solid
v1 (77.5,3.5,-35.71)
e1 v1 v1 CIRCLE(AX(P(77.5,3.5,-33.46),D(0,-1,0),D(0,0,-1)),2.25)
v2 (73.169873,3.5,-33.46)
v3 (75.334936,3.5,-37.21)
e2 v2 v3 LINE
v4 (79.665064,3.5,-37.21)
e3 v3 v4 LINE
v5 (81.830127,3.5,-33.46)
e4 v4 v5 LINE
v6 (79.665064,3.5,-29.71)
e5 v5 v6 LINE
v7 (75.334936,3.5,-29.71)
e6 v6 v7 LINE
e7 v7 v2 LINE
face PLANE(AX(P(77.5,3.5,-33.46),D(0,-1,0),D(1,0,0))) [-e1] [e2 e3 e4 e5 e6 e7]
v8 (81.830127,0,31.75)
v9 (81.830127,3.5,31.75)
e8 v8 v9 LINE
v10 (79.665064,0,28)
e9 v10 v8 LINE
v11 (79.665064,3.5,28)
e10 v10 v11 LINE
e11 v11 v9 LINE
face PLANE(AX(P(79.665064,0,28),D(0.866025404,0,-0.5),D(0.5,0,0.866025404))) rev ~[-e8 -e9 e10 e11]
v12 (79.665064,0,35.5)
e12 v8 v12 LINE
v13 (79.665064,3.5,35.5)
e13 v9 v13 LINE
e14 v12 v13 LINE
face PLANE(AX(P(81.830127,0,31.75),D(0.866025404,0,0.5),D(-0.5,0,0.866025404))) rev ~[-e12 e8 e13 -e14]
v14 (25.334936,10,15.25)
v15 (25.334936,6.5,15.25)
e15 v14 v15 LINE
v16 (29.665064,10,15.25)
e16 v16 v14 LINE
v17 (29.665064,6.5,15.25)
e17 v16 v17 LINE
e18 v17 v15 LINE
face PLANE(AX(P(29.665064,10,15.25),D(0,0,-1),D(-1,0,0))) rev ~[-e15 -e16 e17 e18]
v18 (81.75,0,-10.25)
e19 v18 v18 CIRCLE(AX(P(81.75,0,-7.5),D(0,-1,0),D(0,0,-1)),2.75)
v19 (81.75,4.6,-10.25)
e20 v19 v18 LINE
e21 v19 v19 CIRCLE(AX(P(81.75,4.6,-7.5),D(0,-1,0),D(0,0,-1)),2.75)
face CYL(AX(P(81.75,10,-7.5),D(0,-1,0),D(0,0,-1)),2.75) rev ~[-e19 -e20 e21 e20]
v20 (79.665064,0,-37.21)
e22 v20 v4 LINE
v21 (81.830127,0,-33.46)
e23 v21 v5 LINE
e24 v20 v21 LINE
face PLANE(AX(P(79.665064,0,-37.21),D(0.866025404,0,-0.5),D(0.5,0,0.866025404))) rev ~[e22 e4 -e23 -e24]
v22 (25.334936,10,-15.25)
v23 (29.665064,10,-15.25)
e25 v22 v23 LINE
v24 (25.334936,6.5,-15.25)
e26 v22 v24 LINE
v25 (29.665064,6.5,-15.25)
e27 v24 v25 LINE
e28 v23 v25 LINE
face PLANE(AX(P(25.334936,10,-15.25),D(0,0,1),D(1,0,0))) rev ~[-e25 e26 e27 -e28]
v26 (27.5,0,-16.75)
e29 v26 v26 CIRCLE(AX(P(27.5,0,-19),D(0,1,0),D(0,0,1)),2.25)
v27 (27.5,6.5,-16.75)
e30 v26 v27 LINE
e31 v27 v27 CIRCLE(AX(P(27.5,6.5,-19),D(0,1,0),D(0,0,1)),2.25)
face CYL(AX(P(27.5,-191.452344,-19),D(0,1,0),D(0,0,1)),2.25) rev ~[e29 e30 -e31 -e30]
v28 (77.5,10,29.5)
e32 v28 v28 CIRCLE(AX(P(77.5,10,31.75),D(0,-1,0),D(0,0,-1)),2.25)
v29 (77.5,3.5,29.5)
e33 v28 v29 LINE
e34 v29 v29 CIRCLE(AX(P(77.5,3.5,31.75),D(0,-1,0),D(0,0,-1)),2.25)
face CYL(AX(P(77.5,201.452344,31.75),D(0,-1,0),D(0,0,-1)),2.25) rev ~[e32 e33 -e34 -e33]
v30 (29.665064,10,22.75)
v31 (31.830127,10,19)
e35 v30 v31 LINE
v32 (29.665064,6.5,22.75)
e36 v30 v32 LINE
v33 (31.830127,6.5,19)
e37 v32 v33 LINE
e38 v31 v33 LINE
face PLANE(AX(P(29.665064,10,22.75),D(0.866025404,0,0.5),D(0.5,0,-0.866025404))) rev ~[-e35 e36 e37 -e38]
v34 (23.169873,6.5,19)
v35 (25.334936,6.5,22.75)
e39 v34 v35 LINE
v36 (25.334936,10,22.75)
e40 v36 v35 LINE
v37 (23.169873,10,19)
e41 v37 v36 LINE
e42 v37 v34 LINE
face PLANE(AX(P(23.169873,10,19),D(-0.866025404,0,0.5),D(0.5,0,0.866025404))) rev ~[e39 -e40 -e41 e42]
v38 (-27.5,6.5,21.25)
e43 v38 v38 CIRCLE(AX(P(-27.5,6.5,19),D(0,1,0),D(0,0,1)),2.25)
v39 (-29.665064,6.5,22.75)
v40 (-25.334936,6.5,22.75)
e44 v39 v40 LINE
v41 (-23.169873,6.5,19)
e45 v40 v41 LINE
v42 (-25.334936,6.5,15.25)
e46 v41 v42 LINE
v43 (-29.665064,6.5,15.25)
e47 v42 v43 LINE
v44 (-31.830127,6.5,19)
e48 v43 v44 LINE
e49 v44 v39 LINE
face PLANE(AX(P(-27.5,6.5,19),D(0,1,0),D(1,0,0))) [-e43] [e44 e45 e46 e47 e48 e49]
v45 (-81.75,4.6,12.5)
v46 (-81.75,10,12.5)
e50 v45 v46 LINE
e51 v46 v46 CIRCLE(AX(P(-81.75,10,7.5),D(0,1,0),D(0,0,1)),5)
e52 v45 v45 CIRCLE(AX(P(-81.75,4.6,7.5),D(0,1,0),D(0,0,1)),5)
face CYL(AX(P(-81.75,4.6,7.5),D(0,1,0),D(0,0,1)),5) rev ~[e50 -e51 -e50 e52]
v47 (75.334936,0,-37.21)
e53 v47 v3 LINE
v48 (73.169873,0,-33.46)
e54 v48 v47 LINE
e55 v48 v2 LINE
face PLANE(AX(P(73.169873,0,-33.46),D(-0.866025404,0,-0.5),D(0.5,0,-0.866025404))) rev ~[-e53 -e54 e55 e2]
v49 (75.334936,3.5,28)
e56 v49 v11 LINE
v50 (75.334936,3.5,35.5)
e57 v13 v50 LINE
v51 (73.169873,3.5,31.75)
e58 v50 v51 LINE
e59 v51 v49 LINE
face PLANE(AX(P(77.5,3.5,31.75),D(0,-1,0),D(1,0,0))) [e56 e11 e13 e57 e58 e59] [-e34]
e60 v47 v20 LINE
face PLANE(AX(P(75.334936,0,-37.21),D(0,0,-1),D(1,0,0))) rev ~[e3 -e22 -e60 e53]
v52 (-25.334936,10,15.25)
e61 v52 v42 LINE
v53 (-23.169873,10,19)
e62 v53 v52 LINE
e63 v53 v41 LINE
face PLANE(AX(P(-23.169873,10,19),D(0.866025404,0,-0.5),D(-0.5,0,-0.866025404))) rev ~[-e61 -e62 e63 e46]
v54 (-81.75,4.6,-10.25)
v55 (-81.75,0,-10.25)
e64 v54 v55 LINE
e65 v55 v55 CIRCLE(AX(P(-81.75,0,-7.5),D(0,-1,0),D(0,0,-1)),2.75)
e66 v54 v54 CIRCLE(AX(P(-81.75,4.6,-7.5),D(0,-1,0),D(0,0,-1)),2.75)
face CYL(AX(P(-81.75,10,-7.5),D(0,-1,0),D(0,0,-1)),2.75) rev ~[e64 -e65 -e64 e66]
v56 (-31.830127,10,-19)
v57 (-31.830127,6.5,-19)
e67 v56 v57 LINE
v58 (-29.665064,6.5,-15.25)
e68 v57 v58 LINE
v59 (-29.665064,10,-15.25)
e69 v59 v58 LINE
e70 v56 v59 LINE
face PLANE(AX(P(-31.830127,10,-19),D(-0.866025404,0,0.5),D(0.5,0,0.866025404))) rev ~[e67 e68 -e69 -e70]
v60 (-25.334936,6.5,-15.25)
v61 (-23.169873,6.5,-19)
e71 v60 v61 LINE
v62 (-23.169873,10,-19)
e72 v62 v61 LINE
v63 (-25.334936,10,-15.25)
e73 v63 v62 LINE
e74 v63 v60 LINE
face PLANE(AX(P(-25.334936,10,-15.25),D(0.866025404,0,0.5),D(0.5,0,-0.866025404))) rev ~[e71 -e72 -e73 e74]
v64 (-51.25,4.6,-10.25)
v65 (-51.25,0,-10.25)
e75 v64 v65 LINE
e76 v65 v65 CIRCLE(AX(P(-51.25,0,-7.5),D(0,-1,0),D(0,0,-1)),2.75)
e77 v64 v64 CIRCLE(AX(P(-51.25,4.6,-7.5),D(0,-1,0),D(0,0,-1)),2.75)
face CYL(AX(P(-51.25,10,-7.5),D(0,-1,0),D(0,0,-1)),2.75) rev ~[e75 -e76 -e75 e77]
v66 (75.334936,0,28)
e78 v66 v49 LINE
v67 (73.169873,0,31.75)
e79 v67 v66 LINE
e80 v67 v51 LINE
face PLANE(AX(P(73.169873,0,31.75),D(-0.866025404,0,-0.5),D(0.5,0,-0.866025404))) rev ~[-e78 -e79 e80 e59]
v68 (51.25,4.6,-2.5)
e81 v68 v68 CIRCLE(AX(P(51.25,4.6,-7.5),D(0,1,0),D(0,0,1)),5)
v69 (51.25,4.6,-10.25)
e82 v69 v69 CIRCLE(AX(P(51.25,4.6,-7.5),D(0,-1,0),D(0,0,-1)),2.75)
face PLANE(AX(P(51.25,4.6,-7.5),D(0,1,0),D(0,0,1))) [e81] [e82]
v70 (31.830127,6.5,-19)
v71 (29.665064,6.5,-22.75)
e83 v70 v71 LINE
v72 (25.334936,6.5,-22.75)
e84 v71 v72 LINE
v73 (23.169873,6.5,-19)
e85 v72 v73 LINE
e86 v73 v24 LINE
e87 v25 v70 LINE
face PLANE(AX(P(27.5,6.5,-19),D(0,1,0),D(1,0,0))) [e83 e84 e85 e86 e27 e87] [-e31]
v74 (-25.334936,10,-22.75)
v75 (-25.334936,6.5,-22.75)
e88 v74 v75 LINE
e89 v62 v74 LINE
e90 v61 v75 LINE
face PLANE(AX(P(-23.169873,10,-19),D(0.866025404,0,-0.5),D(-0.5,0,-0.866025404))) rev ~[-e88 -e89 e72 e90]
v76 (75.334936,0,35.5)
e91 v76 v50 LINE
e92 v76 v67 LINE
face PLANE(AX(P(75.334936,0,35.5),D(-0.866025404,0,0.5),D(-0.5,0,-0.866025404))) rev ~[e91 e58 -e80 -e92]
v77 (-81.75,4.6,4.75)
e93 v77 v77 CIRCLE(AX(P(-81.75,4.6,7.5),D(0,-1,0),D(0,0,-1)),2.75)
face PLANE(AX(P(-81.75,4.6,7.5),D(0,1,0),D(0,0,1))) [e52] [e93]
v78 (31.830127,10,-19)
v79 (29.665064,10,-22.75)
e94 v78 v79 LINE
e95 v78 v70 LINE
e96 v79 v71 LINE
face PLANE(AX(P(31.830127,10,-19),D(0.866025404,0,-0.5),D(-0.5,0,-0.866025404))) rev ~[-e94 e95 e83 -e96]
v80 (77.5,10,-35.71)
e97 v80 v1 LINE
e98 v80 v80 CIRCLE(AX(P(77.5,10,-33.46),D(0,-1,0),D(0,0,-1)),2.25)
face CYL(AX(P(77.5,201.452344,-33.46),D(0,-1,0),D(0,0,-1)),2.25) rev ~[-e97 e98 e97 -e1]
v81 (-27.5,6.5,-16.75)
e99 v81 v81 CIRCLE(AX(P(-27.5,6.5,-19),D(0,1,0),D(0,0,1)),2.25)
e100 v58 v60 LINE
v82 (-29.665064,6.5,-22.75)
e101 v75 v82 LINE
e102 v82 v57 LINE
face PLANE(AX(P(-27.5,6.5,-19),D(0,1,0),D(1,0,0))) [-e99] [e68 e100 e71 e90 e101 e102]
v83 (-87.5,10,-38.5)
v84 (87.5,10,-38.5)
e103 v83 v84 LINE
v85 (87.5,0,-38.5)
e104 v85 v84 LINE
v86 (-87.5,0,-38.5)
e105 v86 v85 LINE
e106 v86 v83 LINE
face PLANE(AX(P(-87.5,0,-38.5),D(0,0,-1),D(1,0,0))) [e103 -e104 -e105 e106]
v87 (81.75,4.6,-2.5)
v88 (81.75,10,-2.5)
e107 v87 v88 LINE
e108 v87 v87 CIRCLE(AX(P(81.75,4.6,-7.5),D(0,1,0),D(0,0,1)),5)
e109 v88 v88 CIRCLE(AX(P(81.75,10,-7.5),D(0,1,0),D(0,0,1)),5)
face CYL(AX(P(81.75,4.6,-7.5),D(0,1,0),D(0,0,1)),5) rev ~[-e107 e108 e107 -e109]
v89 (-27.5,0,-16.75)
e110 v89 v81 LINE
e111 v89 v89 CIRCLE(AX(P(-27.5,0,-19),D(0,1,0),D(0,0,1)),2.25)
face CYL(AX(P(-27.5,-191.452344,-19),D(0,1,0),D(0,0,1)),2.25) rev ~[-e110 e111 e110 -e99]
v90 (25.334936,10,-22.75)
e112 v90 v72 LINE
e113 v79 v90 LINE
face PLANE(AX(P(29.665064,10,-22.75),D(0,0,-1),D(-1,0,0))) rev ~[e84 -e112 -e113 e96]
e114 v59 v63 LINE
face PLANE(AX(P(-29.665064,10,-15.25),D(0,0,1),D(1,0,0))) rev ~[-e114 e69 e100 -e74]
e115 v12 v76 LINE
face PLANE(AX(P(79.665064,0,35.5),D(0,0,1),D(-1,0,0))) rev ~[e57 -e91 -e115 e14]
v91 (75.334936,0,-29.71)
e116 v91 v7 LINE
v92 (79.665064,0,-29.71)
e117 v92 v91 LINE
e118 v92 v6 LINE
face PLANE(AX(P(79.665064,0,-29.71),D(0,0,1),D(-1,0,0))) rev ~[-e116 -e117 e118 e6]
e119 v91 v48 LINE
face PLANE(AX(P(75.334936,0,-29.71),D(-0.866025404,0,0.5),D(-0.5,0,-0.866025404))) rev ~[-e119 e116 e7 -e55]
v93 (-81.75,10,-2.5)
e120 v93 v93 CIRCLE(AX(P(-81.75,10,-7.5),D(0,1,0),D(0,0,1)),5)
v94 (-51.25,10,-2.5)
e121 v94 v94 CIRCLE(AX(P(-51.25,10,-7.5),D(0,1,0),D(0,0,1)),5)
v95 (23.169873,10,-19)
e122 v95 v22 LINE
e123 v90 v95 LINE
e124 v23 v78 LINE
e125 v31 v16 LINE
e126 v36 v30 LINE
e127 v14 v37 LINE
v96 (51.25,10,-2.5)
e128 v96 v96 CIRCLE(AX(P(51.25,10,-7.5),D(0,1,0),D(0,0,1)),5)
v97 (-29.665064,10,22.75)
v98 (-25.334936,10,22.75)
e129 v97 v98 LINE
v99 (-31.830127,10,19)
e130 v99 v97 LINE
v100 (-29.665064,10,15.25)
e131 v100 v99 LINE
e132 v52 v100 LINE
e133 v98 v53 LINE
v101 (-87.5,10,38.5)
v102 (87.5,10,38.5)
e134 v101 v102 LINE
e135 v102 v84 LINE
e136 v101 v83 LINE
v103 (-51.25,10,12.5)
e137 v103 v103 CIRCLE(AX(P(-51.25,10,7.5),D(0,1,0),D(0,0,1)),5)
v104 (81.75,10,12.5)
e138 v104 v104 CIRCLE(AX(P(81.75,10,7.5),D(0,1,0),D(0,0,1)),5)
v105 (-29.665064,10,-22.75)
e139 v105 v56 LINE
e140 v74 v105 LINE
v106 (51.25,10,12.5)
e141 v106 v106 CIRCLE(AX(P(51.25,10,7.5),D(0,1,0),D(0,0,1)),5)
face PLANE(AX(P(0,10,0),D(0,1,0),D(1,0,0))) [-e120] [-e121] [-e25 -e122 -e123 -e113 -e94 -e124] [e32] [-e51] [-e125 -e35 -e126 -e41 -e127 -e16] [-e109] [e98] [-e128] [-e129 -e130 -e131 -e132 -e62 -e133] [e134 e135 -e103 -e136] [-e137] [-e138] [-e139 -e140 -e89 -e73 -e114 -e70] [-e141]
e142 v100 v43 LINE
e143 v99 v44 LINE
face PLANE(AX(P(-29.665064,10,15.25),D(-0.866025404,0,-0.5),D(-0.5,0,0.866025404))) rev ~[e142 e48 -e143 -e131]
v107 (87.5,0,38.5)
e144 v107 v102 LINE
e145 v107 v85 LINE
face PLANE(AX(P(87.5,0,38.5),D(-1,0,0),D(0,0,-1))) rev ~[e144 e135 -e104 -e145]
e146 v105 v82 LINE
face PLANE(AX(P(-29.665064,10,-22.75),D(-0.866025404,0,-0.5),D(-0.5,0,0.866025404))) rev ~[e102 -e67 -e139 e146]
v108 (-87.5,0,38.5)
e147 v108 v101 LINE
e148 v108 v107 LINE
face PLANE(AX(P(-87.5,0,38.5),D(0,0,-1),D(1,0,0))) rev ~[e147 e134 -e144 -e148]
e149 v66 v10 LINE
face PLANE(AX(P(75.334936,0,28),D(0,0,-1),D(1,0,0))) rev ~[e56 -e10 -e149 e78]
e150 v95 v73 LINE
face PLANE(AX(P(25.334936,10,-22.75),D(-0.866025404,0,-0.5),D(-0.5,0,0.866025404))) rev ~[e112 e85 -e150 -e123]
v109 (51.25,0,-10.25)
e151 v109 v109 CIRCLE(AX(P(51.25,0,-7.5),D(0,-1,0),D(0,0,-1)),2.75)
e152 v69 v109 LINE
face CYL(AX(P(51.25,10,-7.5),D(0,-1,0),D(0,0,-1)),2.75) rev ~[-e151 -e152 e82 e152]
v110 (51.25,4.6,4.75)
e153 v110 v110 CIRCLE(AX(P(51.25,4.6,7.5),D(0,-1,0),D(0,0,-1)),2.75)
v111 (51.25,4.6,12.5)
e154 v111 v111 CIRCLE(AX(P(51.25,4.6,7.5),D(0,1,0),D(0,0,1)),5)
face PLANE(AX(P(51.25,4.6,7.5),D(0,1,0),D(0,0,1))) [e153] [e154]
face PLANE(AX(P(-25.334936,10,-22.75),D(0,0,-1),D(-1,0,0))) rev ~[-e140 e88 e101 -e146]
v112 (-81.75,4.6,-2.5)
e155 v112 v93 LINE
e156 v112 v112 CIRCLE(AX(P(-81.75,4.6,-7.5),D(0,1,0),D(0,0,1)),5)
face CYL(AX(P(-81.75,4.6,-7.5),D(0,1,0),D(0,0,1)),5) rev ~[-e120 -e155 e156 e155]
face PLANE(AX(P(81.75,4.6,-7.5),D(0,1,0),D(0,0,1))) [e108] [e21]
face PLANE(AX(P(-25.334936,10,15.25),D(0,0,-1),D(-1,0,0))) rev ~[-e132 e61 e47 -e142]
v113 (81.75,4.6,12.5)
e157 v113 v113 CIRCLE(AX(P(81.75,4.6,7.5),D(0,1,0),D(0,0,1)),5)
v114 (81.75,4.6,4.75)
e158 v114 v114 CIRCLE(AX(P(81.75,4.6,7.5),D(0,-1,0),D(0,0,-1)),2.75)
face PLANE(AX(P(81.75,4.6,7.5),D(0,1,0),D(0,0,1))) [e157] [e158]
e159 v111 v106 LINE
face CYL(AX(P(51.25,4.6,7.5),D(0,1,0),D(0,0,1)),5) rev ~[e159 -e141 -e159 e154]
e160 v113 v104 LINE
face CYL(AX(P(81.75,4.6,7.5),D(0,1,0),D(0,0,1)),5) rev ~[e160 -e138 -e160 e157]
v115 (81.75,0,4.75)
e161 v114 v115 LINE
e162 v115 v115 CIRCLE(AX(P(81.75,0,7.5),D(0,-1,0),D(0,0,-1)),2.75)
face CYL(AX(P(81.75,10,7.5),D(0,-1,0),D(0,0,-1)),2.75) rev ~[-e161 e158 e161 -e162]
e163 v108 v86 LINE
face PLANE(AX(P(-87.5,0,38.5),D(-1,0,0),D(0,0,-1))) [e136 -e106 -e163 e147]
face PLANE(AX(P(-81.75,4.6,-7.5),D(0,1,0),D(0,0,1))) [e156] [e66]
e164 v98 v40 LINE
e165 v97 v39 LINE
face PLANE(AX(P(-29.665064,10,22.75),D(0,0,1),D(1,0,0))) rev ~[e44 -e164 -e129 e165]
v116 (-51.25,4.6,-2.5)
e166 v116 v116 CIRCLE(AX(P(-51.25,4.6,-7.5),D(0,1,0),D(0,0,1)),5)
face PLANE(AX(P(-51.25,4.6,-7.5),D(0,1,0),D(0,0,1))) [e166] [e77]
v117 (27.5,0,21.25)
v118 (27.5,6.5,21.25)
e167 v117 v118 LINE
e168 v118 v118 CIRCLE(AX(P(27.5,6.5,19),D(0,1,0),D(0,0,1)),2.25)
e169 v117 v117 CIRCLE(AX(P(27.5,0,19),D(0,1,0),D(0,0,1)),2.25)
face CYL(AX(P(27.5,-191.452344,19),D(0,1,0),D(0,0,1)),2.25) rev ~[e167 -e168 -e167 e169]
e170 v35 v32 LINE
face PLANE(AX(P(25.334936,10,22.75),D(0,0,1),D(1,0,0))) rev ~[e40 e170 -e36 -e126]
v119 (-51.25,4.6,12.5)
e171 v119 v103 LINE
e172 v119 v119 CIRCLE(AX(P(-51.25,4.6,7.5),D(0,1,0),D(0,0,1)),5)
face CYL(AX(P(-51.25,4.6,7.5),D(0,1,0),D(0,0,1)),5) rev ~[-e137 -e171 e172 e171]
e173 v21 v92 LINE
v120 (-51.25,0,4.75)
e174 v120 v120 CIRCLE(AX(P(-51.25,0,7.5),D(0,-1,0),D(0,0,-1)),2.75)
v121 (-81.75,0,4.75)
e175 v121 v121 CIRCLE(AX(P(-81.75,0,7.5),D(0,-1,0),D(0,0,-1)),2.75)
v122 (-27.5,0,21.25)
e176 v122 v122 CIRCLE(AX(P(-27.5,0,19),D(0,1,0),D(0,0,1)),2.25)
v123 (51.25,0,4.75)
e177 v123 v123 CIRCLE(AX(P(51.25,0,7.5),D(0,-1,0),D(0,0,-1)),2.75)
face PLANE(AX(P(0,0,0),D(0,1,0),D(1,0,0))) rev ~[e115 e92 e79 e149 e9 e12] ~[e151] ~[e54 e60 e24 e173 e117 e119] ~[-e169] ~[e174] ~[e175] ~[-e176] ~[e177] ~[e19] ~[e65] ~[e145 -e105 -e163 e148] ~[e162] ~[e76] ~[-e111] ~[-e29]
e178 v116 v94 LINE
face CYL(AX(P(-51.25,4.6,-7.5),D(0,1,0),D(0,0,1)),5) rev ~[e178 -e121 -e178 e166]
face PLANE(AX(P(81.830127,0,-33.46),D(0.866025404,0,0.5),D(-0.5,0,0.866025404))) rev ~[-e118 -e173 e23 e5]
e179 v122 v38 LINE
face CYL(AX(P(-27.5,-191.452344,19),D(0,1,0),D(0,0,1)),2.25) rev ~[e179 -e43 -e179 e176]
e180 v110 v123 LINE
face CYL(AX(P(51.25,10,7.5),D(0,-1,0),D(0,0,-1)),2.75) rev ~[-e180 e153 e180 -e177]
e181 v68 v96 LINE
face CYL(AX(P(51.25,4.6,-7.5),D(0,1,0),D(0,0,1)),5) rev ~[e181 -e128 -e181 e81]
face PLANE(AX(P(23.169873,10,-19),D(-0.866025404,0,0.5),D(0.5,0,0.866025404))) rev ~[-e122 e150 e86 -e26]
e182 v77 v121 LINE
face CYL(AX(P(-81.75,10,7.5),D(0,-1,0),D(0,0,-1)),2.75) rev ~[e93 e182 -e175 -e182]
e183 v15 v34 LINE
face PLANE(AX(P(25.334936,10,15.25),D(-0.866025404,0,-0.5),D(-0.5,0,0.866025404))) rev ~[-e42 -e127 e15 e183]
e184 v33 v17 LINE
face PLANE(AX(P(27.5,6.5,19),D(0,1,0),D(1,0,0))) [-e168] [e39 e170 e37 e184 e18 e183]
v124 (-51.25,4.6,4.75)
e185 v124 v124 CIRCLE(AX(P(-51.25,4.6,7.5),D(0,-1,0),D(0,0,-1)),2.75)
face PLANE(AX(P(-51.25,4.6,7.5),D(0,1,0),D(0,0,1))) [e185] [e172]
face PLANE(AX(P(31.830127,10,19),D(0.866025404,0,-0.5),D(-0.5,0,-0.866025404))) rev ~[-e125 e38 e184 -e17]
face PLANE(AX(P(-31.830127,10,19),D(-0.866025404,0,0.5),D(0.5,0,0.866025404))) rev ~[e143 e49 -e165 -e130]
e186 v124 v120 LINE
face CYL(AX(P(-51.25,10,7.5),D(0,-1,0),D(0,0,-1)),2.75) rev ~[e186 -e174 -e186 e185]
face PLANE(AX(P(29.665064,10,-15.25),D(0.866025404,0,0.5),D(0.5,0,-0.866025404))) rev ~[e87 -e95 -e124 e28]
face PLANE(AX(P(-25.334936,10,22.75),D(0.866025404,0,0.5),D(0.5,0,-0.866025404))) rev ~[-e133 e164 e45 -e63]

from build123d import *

# Parameters (mm, degrees)
SKETCH1_W                                           = 175
SKETCH1_H                                           = 77
BOSS_EXTRUDE1_DEPTH                                 = 10
CBORE_FOR_M5_HEX_SOCKET_HEAD_CAP_SCREW3_D           = 5.5
CBORE_FOR_M5_HEX_SOCKET_HEAD_CAP_SCREW3_CBORE_D     = 10
CBORE_FOR_M5_HEX_SOCKET_HEAD_CAP_SCREW3_CBORE_DEPTH = 5.4
M4_CLEARANCE_HOLE1_D                                = 4.5
CUT_EXTRUDE1_DEPTH                                  = 3.5
M4_CLEARANCE_HOLE2_D                                = 4.5
CUT_EXTRUDE2_DEPTH                                  = 3.5


with BuildPart() as part:
    # Sketch1 → Boss-Extrude1 (new body)
    with BuildSketch(Plane(origin=(0, 0, 0), x_dir=(1, 0, 0), z_dir=(0, 1, 0))):
        Rectangle(SKETCH1_W, SKETCH1_H)
    extrude(amount=BOSS_EXTRUDE1_DEPTH)

    # CBORE for M5 Hex Socket Head Cap Screw3 (through all)
    with Locations(Plane(origin=(-81.75, 10, 7.5), x_dir=(0, 0, 1), z_dir=(0, 1, 0))):
        with Locations((0, 0), (-15, 0), (-15, 30.5), (0, 30.5), (0, 133), (-15, 133), (-15, 163.5), (0, 163.5)):
            CounterBoreHole(CBORE_FOR_M5_HEX_SOCKET_HEAD_CAP_SCREW3_D / 2, CBORE_FOR_M5_HEX_SOCKET_HEAD_CAP_SCREW3_CBORE_D / 2, CBORE_FOR_M5_HEX_SOCKET_HEAD_CAP_SCREW3_CBORE_DEPTH)

    # M4 Clearance Hole1 (through all)
    with Locations(Plane(origin=(77.5, 10, 31.75), x_dir=(0, 0, 1), z_dir=(0, 1, 0))):
        with Locations((0, 0), (-65.21, 0)):
            Hole(M4_CLEARANCE_HOLE1_D / 2)

    # Sketch9 → Cut-Extrude1 (cut)
    with BuildSketch(Plane.XZ):
        Polygon((81.830127019, 31.75), (79.665063509, 35.5), (75.334936491, 35.5), (73.169872981, 31.75), (75.334936491, 28), (79.665063509, 28), align=None)
        Polygon((79.665063509, -29.71), (75.334936491, -29.71), (73.169872981, -33.46), (75.334936491, -37.21), (79.665063509, -37.21), (81.830127019, -33.46), align=None)
    extrude(amount=-CUT_EXTRUDE1_DEPTH, mode=Mode.SUBTRACT)

    # M4 Clearance Hole2 (through all)
    with Locations(Plane(origin=(-27.5, 0, 19), x_dir=(0, 0, -1), z_dir=(0, -1, 0))):
        with Locations((0, 0), (0, 55), (38, 0), (38, 55)):
            Hole(M4_CLEARANCE_HOLE2_D / 2)

    # Sketch12 → Cut-Extrude2 (cut)
    with BuildSketch(Plane(origin=(0, 10, 0), x_dir=(1, 0, 0), z_dir=(0, 1, 0))):
        Polygon((-23.169872981, 19), (-25.334936491, 22.75), (-29.665063509, 22.75), (-31.830127019, 19), (-29.665063509, 15.25), (-25.334936491, 15.25), align=None)
        Polygon((31.830127019, 19), (29.665063509, 22.75), (25.334936491, 22.75), (23.169872981, 19), (25.334936491, 15.25), (29.665063509, 15.25), align=None)
        Polygon((31.830127019, -19), (29.665063509, -15.25), (25.334936491, -15.25), (23.169872981, -19), (25.334936491, -22.75), (29.665063509, -22.75), align=None)
        Polygon((-23.169872981, -19), (-25.334936491, -15.25), (-29.665063509, -15.25), (-31.830127019, -19), (-29.665063509, -22.75), (-25.334936491, -22.75), align=None)
    extrude(amount=-CUT_EXTRUDE2_DEPTH, mode=Mode.SUBTRACT)


solid = part.part
